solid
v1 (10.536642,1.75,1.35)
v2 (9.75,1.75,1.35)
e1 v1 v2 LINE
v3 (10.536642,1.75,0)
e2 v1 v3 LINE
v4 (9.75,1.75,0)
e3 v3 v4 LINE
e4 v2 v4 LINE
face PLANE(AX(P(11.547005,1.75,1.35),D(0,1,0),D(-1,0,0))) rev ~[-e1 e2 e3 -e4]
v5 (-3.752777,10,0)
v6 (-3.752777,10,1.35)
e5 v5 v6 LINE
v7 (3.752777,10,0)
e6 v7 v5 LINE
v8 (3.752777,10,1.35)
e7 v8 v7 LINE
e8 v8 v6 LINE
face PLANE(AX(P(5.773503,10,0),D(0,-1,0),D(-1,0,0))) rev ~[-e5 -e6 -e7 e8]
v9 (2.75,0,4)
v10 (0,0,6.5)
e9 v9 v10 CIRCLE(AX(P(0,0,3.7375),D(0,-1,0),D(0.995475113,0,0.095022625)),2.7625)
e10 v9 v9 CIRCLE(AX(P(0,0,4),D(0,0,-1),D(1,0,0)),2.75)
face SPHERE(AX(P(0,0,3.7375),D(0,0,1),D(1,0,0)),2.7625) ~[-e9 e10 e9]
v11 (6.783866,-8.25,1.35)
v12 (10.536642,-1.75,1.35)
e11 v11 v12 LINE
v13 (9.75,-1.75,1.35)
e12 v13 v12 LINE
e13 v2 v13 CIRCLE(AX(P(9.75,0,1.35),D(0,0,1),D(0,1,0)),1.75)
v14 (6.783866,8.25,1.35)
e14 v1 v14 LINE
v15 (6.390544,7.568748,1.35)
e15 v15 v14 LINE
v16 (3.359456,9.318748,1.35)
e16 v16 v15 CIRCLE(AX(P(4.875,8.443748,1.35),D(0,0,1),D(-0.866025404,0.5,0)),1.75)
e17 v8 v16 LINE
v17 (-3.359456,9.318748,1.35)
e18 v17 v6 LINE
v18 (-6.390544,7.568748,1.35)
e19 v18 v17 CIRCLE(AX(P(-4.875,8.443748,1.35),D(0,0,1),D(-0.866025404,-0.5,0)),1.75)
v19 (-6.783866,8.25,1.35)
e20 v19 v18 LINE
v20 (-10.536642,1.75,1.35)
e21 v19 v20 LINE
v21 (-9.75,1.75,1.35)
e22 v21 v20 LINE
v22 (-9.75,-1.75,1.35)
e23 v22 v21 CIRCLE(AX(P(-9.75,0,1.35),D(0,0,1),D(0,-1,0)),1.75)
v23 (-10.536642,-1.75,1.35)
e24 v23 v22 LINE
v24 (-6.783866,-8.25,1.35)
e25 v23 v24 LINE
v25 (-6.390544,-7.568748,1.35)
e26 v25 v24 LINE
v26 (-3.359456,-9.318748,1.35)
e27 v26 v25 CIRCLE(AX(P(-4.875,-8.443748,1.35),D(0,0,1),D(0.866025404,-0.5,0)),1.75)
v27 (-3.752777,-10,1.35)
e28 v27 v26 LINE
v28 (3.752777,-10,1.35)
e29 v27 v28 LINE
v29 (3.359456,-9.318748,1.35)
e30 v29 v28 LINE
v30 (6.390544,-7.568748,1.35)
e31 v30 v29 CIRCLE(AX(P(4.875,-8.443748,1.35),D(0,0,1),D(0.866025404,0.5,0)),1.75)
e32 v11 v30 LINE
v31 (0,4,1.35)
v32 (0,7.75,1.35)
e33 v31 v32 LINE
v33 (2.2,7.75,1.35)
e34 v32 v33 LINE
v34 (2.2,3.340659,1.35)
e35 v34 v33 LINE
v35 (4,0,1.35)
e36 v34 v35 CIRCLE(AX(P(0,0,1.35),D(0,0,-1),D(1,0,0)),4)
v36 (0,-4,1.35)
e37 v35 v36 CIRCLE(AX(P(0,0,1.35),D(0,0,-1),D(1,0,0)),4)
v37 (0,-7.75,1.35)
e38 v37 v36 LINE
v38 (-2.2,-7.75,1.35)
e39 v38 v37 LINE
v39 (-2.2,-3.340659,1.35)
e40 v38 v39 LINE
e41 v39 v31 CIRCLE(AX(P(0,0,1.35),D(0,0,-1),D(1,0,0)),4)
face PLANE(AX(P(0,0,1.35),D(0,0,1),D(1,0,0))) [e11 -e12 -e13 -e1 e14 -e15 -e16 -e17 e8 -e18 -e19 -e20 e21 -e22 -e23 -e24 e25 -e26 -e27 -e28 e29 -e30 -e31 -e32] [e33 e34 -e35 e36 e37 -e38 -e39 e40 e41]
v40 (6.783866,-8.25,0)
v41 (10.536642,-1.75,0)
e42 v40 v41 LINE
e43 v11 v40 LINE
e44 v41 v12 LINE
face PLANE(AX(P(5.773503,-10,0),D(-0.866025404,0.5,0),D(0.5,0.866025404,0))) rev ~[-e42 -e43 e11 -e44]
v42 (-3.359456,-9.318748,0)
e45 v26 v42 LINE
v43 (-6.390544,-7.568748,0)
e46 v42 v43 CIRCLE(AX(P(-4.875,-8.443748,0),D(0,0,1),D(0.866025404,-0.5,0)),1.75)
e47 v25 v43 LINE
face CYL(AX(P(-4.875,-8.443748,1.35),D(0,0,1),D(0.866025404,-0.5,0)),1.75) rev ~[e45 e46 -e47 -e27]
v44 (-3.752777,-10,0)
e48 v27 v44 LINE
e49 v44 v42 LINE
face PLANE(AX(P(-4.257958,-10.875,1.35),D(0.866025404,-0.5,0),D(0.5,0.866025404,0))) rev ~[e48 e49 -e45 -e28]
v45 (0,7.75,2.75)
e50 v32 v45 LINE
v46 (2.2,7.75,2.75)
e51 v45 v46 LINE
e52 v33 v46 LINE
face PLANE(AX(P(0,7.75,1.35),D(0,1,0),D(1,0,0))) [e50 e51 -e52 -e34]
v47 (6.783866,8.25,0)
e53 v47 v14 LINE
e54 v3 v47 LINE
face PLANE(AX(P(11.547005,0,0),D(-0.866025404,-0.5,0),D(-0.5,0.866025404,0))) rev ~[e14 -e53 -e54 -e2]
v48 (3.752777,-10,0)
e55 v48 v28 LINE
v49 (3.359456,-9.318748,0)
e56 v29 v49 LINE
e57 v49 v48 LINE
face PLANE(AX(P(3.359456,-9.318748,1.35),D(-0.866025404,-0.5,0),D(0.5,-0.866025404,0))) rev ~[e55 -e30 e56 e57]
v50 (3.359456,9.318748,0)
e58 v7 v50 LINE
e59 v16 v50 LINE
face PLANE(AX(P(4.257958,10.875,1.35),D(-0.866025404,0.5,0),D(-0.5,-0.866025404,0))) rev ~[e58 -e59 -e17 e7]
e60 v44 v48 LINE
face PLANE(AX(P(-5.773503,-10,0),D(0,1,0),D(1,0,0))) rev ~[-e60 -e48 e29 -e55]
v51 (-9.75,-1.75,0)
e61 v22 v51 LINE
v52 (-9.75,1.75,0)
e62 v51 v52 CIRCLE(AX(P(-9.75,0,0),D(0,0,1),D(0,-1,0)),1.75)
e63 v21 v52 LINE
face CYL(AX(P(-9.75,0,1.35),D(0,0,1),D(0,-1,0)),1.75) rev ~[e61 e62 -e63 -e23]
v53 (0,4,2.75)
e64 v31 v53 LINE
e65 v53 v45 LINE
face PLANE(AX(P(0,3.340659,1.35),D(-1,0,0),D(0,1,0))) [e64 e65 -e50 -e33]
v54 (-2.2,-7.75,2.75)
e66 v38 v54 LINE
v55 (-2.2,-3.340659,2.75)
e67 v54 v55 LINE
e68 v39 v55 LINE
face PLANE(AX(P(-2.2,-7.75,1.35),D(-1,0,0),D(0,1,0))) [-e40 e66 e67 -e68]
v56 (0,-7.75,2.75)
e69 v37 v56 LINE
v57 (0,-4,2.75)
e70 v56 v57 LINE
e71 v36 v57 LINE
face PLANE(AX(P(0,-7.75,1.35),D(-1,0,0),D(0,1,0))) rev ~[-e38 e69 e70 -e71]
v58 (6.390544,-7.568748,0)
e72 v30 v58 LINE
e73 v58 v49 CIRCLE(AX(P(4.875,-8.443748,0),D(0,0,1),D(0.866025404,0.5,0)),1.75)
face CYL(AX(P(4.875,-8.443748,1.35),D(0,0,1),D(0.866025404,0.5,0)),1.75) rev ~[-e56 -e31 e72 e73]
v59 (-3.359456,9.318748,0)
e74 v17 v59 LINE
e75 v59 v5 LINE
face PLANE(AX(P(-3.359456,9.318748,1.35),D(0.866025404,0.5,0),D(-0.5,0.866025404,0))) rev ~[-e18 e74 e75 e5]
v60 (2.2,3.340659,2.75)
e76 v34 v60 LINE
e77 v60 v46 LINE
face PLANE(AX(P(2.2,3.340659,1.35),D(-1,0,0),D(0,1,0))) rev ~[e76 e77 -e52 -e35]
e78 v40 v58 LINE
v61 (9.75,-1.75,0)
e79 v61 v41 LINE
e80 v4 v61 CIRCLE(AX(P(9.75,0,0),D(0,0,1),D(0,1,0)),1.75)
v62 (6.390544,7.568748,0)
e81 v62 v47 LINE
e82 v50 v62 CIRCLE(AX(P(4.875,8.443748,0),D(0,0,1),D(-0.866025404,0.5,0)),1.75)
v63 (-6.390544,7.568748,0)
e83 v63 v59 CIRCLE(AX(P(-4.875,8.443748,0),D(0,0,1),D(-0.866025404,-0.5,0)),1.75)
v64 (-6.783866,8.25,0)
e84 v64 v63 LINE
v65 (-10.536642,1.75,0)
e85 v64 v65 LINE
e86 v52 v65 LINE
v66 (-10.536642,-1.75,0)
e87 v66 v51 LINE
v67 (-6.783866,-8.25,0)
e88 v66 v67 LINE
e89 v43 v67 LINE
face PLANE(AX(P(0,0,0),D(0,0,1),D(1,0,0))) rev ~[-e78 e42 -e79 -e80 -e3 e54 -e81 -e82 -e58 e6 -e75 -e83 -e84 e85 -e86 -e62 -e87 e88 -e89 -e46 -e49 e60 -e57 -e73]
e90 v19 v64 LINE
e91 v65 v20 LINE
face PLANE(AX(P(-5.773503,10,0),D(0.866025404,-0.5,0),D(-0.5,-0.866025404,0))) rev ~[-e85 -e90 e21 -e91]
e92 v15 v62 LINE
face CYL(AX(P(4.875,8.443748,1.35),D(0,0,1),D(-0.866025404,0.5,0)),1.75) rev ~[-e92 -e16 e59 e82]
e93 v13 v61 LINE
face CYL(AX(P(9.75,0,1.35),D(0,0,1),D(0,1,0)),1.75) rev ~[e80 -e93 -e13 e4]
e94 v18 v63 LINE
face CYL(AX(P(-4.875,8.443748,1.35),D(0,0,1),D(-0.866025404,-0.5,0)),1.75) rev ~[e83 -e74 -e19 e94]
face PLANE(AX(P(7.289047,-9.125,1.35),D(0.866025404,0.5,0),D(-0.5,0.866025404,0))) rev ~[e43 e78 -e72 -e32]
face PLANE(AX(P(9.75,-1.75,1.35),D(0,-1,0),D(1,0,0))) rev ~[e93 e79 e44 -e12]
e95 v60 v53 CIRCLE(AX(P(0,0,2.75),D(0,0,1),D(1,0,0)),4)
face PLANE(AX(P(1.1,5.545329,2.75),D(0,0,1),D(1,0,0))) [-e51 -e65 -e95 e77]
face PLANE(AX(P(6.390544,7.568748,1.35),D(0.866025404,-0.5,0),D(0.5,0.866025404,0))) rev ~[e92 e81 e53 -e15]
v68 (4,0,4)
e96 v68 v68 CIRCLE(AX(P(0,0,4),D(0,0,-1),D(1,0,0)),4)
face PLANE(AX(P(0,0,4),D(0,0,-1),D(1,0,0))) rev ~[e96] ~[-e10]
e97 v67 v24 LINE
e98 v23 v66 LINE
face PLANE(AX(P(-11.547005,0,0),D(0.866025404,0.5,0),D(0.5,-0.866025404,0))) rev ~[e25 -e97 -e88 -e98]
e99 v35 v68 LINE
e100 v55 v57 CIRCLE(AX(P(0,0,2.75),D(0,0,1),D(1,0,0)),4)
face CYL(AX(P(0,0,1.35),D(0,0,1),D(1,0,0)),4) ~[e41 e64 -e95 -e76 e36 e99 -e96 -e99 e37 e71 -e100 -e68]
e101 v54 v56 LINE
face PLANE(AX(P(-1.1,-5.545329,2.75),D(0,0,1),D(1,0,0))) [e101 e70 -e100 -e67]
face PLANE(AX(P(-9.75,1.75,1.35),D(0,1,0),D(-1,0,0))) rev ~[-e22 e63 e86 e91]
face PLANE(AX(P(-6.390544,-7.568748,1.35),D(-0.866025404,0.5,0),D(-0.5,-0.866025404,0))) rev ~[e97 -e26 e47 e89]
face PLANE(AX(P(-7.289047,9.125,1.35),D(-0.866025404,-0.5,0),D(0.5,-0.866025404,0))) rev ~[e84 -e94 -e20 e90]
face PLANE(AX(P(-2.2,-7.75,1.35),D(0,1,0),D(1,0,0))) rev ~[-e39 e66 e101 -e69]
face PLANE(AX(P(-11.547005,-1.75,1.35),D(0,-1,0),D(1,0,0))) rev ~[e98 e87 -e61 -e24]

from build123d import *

# Parameters (mm, degrees)
BOSS_EXTRUDE1_DEPTH = 1.35
CUT_EXTRUDE1_DEPTH  = 16.334791597
CIRPATTERN1_COUNT   = 6
SKETCH5_W           = 2.2
SKETCH5_H           = 4.409341382
BOSS_EXTRUDE2_DEPTH = 1.4


with BuildPart() as part:
    # Sketch1 → Boss-Extrude1 (new body)
    with BuildSketch(Plane.XY):
        Polygon((5.773502692, 10), (-5.773502692, 10), (-11.547005384, 0), (-5.773502692, -10), (5.773502692, -10), (11.547005384, 0), align=None)
    extrude(amount=BOSS_EXTRUDE1_DEPTH)

    # Sketch2 → Cut-Extrude1 (cut, through all)
    with BuildSketch(Plane.XY.offset(1.35)):
        with BuildLine():
            Line((-9.75, 1.75), (-11.547005384, 1.75))
            Line((-11.547005384, 1.75), (-11.547005384, -1.75))
            Line((-11.547005384, -1.75), (-9.75, -1.75))
            ThreePointArc((-9.75, -1.75), (-8, 0), (-9.75, 1.75))
        make_face()
    cut_extrude1 = extrude(amount=-CUT_EXTRUDE1_DEPTH, mode=Mode.SUBTRACT)

    # CirPattern1: Cut-Extrude1 ×6 about axis
    cirpattern1_axis = Axis((0, 0, -0.0675), (0, 0, 1))
    for i in range(1, CIRPATTERN1_COUNT):
        add(cut_extrude1.rotate(cirpattern1_axis, i * 360 / CIRPATTERN1_COUNT), mode=Mode.SUBTRACT)

    # Sketch4 → Revolve1 (revolve)
    with BuildSketch(Plane(origin=(0, 0, 0), x_dir=(1, 0, 0), z_dir=(0, 1, 0))):
        with BuildLine():
            Line((-4, -1.35), (-4, -4))
            Line((-4, -4), (-2.75, -4))
            ThreePointArc((-2.75, -4), (-1.858258593, -5.781584453), (0, -6.5))
            Line((0, -6.5), (0, -1.35))
            Line((0, -1.35), (-4, -1.35))
        make_face()
    revolve(axis=Axis((0, 0, 6.5), (0, 0, -1)))

    # Sketch5 → Boss-Extrude2 (add)
    with BuildSketch(Plane.XY.offset(1.35)):
        with Locations((1.1, 5.545329309)):
            Rectangle(SKETCH5_W, SKETCH5_H)
        with Locations((-1.1, -5.545329309)):
            Rectangle(SKETCH5_W, SKETCH5_H)
    extrude(amount=BOSS_EXTRUDE2_DEPTH)


solid = part.part
